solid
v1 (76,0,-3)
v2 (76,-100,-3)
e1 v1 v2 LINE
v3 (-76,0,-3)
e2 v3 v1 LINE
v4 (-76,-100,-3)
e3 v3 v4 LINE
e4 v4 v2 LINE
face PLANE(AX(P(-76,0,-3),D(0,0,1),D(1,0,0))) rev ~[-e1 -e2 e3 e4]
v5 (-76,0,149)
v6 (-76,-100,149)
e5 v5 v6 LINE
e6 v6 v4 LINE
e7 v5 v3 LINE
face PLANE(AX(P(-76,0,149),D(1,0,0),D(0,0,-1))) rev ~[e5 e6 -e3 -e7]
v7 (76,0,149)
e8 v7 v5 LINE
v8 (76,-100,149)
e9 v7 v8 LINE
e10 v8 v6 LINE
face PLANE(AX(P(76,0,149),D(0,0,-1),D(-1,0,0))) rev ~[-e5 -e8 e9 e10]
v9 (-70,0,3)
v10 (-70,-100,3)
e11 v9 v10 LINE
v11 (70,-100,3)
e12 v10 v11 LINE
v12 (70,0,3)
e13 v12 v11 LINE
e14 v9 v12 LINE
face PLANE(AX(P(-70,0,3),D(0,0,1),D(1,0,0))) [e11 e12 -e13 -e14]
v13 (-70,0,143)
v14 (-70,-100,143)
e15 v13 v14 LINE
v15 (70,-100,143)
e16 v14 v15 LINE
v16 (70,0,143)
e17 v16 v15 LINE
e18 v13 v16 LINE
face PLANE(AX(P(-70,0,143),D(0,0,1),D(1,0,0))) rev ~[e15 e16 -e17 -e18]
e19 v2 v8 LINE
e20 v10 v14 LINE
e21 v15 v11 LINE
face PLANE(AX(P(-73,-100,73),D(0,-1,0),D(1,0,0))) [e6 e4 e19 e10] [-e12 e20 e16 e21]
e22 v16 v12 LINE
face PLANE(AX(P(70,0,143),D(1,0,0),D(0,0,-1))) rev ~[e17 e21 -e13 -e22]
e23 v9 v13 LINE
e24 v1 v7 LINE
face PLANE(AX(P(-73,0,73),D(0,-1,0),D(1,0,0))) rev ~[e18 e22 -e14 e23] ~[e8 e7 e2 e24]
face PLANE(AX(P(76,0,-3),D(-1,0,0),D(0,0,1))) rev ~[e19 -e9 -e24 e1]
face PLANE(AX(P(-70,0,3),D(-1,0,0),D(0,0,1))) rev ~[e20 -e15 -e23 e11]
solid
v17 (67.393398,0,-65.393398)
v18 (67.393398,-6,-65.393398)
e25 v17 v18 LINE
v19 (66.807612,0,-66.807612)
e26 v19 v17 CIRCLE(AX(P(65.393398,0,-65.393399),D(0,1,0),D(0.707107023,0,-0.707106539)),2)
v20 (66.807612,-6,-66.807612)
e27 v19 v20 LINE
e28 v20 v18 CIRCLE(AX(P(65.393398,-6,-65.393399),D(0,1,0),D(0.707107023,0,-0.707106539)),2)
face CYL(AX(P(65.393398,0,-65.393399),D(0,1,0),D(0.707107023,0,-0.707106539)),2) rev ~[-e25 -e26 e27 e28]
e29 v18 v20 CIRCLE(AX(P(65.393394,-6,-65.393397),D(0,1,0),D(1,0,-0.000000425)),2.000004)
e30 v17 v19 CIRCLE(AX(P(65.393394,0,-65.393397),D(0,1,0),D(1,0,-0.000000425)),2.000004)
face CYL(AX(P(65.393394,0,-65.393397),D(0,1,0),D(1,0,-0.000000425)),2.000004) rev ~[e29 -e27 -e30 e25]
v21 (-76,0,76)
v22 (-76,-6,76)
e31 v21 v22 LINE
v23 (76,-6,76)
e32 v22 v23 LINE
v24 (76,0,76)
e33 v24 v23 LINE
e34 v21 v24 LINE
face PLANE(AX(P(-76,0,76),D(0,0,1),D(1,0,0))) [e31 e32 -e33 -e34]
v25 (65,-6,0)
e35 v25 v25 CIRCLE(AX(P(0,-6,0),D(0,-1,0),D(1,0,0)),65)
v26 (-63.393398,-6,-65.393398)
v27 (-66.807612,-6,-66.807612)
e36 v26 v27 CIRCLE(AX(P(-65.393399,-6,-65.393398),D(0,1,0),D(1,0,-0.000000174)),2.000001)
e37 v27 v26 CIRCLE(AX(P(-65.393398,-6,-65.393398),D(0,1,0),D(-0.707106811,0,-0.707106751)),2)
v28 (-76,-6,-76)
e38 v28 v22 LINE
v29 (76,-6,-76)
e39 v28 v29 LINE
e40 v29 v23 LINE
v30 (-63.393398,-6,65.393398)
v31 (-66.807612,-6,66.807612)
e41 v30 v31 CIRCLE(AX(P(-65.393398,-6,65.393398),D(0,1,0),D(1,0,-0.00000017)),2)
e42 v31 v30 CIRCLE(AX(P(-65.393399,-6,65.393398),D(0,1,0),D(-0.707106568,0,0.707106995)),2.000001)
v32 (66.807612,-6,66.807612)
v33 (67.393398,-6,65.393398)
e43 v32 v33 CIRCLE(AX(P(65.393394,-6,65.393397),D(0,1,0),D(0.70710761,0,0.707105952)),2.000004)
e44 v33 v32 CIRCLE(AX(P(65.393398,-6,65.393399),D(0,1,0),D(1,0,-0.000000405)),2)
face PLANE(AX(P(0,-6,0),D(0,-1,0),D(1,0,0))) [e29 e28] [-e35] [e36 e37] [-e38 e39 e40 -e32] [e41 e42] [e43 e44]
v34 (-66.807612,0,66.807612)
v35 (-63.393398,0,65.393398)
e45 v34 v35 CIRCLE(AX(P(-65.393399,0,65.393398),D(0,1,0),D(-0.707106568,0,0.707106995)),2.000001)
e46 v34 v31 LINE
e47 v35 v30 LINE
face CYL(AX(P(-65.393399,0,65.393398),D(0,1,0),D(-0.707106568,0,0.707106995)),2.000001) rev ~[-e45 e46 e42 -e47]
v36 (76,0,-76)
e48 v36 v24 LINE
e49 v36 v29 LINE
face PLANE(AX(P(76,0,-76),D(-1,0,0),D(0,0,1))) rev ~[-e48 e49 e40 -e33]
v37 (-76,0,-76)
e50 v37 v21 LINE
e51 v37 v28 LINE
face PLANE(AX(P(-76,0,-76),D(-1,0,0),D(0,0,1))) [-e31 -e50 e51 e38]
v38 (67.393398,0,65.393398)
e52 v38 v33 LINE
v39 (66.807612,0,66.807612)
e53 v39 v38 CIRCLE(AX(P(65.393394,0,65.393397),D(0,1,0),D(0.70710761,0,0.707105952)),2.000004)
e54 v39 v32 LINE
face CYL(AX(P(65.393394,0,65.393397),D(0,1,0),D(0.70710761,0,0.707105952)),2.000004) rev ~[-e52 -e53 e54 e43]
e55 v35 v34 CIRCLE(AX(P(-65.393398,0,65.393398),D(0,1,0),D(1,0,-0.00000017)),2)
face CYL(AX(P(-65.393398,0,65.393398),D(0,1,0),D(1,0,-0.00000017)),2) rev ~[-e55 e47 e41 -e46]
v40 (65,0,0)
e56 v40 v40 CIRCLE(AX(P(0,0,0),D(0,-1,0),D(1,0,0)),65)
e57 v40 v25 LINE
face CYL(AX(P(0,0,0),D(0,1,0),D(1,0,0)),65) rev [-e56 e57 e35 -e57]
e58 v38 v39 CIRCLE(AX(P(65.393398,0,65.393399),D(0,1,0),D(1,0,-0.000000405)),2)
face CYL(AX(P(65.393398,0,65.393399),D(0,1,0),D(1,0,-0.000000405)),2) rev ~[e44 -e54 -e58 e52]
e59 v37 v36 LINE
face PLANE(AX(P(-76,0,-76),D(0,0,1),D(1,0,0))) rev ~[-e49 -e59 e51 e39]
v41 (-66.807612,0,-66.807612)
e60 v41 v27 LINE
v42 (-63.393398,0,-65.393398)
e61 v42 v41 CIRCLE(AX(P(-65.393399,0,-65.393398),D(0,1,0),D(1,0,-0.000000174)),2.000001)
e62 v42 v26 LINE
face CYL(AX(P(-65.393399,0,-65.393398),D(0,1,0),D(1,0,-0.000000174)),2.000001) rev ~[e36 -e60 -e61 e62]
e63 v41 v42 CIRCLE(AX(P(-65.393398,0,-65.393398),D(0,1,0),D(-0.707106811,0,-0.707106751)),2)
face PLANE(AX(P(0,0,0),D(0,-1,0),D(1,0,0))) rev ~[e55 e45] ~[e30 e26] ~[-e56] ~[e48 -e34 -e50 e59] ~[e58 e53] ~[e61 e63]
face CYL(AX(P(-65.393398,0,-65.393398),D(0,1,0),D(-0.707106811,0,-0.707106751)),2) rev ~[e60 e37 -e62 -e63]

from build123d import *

# Parameters (mm, degrees)
F0_W     = 140
F0_H     = 6
F1_DEPTH = 100
F2_W     = 152
F2_H     = 152
F2_R     = 65
F3_DEPTH = 6


with BuildPart() as f1:
    # F0 (on Front) → F1 (new body)
    with BuildSketch(Plane.XZ):
        Polygon((-70, -3), (-70, 3), (-70, 143), (-70, 149), (-76, 149), (-76, -3), align=None)
        with Locations((0, 146)):
            Rectangle(F0_W, F0_H)
        Polygon((70, 143), (70, 3), (70, -3), (76, -3), (76, 149), (70, 149), align=None)
        Rectangle(F0_W, F0_H)
    extrude(amount=F1_DEPTH)


with BuildPart() as f3:
    # F2 (on Front) → F3 (new body)
    with BuildSketch(Plane.XZ):
        Rectangle(F2_W, F2_H)
        with BuildLine():
            ThreePointArc((-63.393398, -65.393398), (-64.628031, -67.241157), (-66.807612, -66.807612))
            ThreePointArc((-66.807612, -66.807612), (-66.158765, -63.545639), (-63.393398, -65.393398))
        make_face(mode=Mode.SUBTRACT)
        with BuildLine():
            ThreePointArc((67.393398, -65.393398), (67.241157, -66.158765), (66.807612, -66.807612))
            ThreePointArc((66.807612, -66.807612), (63.545639, -64.628031), (67.393398, -65.393398))
        make_face(mode=Mode.SUBTRACT)
        with BuildLine():
            ThreePointArc((-63.393398, 65.393398), (-66.158765, 63.545639), (-66.807612, 66.807612))
            ThreePointArc((-66.807612, 66.807612), (-64.628031, 67.241157), (-63.393398, 65.393398))
        make_face(mode=Mode.SUBTRACT)
        Circle(F2_R, mode=Mode.SUBTRACT)
        with BuildLine():
            ThreePointArc((67.393398, 65.393398), (63.545639, 64.628031), (66.807612, 66.807612))
            ThreePointArc((66.807612, 66.807612), (67.241157, 66.158765), (67.393398, 65.393398))
        make_face(mode=Mode.SUBTRACT)
    extrude(amount=F3_DEPTH)


solid = Compound([f1.part, f3.part])
